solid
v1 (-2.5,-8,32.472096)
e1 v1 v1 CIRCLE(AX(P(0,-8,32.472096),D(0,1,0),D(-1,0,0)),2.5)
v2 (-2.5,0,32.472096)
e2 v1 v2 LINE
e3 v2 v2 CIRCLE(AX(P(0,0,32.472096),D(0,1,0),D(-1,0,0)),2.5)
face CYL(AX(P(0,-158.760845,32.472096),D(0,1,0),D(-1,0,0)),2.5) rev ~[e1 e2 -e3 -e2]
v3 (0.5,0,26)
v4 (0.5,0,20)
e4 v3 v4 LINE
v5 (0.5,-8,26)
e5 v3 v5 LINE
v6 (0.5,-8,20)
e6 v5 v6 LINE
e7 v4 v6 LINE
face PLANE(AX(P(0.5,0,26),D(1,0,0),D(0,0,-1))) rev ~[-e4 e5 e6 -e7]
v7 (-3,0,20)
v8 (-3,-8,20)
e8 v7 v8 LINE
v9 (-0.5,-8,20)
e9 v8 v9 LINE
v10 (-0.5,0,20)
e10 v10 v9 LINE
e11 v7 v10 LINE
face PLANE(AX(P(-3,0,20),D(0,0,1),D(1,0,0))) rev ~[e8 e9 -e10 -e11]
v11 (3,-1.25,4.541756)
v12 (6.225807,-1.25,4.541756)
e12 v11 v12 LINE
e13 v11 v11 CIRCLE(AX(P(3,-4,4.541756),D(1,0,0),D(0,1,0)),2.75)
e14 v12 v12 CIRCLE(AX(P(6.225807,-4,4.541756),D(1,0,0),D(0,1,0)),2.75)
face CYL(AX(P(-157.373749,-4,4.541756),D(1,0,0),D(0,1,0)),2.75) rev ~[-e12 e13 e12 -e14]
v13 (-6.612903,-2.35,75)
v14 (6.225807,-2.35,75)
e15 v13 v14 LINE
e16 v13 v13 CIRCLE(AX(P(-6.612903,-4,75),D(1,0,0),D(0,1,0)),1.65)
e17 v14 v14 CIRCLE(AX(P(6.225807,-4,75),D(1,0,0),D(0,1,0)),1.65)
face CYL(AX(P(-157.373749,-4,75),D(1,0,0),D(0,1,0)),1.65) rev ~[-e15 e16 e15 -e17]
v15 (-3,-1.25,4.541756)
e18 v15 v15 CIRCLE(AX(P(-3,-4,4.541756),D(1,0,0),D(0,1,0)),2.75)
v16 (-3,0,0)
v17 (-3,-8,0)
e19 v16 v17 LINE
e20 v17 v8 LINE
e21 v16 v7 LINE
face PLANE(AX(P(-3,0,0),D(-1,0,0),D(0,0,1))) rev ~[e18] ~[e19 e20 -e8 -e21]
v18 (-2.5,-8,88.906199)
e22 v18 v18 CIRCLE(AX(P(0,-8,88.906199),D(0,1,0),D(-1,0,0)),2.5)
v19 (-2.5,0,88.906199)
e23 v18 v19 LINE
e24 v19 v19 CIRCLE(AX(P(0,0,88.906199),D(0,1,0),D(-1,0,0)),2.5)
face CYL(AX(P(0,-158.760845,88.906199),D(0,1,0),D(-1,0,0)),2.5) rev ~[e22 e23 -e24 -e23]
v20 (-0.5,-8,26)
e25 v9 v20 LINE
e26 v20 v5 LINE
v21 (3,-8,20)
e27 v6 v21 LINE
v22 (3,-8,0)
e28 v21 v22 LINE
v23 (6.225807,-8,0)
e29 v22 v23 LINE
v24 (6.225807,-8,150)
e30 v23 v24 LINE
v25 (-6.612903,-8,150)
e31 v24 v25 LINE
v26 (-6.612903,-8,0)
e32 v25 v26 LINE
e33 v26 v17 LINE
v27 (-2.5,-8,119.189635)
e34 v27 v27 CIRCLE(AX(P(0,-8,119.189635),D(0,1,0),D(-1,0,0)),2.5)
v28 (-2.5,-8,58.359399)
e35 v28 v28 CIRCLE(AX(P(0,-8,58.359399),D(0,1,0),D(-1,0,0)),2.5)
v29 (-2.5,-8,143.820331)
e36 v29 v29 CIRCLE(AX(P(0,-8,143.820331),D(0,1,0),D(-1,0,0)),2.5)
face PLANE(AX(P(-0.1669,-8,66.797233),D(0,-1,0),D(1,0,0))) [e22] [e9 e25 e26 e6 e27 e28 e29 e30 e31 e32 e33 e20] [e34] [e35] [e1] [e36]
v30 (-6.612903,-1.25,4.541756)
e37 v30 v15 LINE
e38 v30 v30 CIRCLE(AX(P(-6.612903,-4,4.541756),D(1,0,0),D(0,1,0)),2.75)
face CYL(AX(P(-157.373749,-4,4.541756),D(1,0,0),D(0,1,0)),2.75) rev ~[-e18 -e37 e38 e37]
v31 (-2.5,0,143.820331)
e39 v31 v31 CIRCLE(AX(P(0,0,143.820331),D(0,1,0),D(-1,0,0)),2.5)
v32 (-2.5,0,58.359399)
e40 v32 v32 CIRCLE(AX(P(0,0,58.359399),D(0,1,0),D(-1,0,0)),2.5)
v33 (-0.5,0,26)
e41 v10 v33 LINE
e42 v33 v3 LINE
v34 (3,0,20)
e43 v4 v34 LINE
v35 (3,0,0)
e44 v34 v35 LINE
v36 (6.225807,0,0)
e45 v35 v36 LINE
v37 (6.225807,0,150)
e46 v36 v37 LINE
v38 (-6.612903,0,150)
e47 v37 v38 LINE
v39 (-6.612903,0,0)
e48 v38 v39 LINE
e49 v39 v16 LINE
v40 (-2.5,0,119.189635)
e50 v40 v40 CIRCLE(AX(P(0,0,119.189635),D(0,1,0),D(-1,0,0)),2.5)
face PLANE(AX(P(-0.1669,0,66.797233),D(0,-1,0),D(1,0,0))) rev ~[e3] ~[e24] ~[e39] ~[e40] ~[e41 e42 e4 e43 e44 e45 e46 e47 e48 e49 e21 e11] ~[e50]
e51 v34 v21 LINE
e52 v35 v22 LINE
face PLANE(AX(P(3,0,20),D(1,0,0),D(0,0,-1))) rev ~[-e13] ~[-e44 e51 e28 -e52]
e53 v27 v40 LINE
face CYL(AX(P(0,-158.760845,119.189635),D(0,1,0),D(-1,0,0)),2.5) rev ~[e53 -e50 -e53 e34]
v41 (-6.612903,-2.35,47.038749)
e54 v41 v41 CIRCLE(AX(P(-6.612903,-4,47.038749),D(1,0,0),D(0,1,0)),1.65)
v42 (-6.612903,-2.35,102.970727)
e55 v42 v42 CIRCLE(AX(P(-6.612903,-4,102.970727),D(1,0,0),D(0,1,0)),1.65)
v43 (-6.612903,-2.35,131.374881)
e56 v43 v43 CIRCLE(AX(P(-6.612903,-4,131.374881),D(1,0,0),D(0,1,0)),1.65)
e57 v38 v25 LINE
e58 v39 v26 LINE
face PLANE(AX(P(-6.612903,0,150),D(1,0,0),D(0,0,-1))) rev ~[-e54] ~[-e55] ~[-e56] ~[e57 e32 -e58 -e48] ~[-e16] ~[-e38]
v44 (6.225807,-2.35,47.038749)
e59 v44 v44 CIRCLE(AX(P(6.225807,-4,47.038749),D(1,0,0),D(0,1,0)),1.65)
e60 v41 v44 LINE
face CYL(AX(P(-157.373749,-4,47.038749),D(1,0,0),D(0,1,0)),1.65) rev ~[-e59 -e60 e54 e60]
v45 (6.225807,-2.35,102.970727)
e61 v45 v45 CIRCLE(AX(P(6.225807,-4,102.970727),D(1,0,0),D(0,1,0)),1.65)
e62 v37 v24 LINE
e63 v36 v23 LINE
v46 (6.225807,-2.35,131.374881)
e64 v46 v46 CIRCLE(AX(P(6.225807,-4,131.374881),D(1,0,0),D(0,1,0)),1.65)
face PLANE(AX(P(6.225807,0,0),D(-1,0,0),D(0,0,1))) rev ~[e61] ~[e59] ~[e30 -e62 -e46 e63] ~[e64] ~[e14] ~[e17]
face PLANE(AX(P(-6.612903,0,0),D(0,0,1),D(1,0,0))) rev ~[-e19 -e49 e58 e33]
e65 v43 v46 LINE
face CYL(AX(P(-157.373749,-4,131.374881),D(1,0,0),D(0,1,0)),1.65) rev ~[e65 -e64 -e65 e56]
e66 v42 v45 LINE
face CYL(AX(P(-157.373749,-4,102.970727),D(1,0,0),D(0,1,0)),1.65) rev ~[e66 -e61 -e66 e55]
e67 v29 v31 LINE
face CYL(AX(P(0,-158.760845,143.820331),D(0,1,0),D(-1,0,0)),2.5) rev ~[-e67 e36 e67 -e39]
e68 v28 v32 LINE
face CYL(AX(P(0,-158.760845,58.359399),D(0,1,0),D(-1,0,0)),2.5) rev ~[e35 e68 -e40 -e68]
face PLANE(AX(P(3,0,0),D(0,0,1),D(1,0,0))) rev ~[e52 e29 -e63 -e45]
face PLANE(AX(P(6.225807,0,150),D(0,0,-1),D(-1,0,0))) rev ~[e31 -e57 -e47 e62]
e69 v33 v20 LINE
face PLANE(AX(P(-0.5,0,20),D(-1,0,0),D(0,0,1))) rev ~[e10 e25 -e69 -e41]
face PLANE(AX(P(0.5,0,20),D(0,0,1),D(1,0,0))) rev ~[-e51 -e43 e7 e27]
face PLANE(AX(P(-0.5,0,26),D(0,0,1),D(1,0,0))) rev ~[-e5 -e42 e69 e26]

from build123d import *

# Parameters (mm, degrees)
F1_DEPTH = 8
F3_D     = 5.5
F5_D     = 5
F7_D     = 3.3


with BuildPart() as f1:
    # F0 (on Front) → F1 (new body)
    with BuildSketch(Plane.XZ):
        Polygon((-6.6129033404, 0), (-3, 0), (-3, 20), (-0.5, 20), (-0.5, 26), (0.5, 26), (0.5, 20), (3, 20), (3, 0), (6.2258067564, 0), (6.2258067564, 150), (-6.6129033404, 150), align=None)
    extrude(amount=F1_DEPTH)

    # F3 (through all)
    with Locations(Plane(origin=(-6.6129033404, 0, 0), x_dir=(0, -1, 0), z_dir=(-1, 0, 0))):
        with Locations((4, 4.5417556539)):
            Hole(F3_D / 2)

    # F5 (through all)
    with Locations(Plane.XZ.offset(8)):
        with Locations((0, 32.4720963836), (0, 58.3593994379), (0, 88.90619874), (0, 119.1896349192), (0, 143.8203305006)):
            Hole(F5_D / 2)

    # F7 (through all)
    with Locations(Plane(origin=(-6.6129033404, 0, 0), x_dir=(0, -1, 0), z_dir=(-1, 0, 0))):
        with Locations((4, 131.3748806715), (4, 102.970726788), (4, 75), (4, 47.0387488604)):
            Hole(F7_D / 2)


solid = f1.part
